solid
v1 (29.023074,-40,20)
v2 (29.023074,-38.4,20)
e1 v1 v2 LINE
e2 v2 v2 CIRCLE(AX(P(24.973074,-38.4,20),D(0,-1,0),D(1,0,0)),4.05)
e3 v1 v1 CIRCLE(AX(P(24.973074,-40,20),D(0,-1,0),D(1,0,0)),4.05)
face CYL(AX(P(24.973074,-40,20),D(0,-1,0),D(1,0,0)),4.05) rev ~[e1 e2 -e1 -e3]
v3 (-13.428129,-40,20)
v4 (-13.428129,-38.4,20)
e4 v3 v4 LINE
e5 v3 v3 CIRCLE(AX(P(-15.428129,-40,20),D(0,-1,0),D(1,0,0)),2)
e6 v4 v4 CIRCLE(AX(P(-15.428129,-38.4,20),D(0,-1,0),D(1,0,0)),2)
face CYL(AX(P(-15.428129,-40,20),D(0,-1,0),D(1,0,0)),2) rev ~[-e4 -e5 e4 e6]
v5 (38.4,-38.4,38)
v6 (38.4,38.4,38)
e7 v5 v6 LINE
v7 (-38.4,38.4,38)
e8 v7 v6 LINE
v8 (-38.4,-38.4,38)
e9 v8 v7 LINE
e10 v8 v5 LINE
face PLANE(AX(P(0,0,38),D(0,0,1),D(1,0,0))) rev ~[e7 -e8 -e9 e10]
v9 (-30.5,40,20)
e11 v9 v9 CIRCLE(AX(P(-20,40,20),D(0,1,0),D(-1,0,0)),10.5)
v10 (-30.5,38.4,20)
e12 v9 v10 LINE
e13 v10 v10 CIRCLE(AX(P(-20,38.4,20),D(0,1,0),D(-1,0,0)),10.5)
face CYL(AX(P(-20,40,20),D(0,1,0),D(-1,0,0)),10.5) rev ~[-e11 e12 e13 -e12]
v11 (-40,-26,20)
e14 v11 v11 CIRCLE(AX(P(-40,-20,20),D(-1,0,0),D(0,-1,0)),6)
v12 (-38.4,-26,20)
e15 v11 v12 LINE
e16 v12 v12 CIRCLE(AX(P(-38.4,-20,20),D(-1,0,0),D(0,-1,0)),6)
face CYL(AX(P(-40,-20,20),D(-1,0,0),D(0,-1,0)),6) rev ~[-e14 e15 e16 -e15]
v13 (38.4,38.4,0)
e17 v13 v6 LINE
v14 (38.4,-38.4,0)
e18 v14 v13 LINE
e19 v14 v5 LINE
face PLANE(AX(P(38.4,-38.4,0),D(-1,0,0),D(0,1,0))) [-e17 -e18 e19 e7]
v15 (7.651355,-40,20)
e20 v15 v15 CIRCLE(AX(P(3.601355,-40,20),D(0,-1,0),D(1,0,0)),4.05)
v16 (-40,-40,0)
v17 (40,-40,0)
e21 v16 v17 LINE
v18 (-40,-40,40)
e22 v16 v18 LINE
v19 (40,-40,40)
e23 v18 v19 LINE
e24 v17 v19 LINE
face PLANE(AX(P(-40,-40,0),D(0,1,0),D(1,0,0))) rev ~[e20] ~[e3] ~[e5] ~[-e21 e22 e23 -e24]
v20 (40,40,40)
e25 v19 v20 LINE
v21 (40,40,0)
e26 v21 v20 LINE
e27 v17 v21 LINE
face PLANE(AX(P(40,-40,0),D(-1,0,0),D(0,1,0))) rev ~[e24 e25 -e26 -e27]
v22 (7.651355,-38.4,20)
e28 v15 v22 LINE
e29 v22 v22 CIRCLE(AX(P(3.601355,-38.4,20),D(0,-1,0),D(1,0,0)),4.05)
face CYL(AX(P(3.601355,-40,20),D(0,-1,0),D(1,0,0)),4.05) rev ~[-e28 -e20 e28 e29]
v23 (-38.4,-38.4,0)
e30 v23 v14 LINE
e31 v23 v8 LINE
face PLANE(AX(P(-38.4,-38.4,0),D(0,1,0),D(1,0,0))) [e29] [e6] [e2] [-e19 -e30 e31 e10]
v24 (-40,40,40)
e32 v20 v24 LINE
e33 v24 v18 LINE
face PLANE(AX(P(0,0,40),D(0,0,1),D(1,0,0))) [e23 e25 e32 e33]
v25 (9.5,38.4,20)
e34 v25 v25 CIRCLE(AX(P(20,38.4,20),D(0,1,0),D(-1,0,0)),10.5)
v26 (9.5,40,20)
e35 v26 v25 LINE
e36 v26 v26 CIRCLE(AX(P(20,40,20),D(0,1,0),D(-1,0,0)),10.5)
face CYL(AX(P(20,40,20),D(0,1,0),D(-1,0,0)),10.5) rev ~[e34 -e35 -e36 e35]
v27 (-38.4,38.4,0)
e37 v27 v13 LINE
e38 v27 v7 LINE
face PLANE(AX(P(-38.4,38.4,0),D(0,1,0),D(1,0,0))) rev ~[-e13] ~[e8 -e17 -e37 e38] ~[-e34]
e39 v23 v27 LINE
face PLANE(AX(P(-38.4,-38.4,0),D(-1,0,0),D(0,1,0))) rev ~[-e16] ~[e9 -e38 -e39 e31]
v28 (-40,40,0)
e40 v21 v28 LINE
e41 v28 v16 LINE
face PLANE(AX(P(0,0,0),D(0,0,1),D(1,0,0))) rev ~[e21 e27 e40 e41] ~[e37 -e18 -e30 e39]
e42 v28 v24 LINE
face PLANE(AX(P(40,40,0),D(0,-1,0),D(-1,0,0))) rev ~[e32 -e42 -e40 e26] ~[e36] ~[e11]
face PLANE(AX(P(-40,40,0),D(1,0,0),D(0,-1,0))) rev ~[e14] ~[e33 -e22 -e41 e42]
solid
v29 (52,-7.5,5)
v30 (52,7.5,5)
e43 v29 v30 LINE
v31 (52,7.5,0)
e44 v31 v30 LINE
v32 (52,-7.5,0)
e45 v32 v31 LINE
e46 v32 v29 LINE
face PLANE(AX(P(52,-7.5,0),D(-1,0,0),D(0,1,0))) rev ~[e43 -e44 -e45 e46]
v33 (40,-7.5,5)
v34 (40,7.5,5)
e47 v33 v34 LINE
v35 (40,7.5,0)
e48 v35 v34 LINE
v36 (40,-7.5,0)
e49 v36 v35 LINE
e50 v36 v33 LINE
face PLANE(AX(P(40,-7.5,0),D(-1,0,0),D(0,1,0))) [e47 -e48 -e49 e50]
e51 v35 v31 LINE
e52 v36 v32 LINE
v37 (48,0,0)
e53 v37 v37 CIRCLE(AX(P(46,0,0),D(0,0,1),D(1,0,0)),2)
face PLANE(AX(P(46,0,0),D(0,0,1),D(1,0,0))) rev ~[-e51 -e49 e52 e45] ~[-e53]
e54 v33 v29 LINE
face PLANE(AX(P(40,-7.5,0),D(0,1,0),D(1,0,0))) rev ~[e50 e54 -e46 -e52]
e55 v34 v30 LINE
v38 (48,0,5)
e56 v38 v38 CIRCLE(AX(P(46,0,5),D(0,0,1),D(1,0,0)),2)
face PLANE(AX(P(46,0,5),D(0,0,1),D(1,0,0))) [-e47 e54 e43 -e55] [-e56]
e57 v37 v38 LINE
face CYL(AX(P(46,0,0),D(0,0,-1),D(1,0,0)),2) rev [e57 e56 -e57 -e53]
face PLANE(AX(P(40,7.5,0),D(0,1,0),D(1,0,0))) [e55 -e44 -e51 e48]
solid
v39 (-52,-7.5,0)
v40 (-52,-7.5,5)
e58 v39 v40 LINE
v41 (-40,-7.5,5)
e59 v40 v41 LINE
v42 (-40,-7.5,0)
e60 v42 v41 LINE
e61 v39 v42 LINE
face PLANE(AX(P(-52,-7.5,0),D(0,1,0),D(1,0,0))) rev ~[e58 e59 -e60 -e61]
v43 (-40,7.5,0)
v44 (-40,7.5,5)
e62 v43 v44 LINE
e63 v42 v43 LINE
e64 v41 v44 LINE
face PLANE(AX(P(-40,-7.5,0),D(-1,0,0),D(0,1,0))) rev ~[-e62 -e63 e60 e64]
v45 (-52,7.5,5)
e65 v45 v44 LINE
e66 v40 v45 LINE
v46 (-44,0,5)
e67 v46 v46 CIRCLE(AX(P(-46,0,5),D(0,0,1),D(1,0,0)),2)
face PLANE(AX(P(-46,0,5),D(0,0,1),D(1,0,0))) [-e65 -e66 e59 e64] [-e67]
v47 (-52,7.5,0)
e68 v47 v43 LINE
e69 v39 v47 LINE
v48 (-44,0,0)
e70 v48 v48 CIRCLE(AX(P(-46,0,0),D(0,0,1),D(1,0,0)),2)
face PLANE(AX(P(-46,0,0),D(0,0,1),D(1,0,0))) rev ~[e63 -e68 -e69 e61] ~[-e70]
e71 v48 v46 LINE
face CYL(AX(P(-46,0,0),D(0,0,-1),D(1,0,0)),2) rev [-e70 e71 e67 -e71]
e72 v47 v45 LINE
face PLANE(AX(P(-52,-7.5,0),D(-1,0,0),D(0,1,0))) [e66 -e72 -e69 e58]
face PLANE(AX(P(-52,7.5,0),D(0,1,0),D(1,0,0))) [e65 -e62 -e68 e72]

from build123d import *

# Parameters (mm, degrees)
F0_W      = 12
F0_H      = 15
F0_R      = 2
F1_DEPTH  = 5
F0_W_2    = 76.8
F0_H_2    = 76.8
F2_DEPTH  = 40
F3_W      = 76.8
F3_H      = 76.8
F4_DEPTH  = 2
F5_R      = 10.5
F6_DEPTH  = 25
F7_R      = 6
F8_DEPTH  = 25
F9_R      = 4.05
F9_R_2    = 2
F10_DEPTH = 25


with BuildPart() as f1:
    # F0 (on Top) → F1 (new body)
    with BuildSketch(Plane.XY):
        with Locations((-46, 0)):
            Rectangle(F0_W, F0_H)
        with Locations((-46, 0)):
            Circle(F0_R, mode=Mode.SUBTRACT)
        with Locations((46, 0)):
            Rectangle(F0_W, F0_H)
        with Locations((46, 0)):
            Circle(F0_R, mode=Mode.SUBTRACT)
    extrude(amount=F1_DEPTH)


with BuildPart() as f2:
    # F0 (on Top) → F2 (new body)
    with BuildSketch(Plane.XY):
        Polygon((-40, -40), (40, -40), (40, -7.5), (40, 7.5), (40, 40), (-40, 40), (-40, 7.5), (-40, -7.5), align=None)
        Rectangle(F0_W_2, F0_H_2, mode=Mode.SUBTRACT)
    extrude(amount=F2_DEPTH)

    # F3 (on face) → F4 (join)
    with BuildSketch(Plane.XY.offset(40)):
        Rectangle(F3_W, F3_H)
    extrude(amount=-F4_DEPTH)

    # F5 (on face) → F6 (cut)
    with BuildSketch(Plane(origin=(0, 40, 0), x_dir=(-1, 0, 0), z_dir=(0, 1, 0))):
        with Locations((-20, 20)):
            Circle(F5_R)
        with Locations((20, 20)):
            Circle(F5_R)
    extrude(amount=-F6_DEPTH, mode=Mode.SUBTRACT)

    # F7 (on face) → F8 (cut)
    with BuildSketch(Plane(origin=(-40, 0, 0), x_dir=(0, -1, 0), z_dir=(-1, 0, 0))):
        with Locations((20, 20)):
            Circle(F7_R)
    extrude(amount=-F8_DEPTH, mode=Mode.SUBTRACT)

    # F9 (on face) → F10 (cut)
    with BuildSketch(Plane.XZ.offset(40)):
        with Locations((24.973074, 20)):
            Circle(F9_R)
        with Locations((3.601355, 20)):
            Circle(F9_R)
        with Locations((-15.428129, 20)):
            Circle(F9_R_2)
    extrude(amount=-F10_DEPTH, mode=Mode.SUBTRACT)


solid = Compound([f1.part, f2.part])
